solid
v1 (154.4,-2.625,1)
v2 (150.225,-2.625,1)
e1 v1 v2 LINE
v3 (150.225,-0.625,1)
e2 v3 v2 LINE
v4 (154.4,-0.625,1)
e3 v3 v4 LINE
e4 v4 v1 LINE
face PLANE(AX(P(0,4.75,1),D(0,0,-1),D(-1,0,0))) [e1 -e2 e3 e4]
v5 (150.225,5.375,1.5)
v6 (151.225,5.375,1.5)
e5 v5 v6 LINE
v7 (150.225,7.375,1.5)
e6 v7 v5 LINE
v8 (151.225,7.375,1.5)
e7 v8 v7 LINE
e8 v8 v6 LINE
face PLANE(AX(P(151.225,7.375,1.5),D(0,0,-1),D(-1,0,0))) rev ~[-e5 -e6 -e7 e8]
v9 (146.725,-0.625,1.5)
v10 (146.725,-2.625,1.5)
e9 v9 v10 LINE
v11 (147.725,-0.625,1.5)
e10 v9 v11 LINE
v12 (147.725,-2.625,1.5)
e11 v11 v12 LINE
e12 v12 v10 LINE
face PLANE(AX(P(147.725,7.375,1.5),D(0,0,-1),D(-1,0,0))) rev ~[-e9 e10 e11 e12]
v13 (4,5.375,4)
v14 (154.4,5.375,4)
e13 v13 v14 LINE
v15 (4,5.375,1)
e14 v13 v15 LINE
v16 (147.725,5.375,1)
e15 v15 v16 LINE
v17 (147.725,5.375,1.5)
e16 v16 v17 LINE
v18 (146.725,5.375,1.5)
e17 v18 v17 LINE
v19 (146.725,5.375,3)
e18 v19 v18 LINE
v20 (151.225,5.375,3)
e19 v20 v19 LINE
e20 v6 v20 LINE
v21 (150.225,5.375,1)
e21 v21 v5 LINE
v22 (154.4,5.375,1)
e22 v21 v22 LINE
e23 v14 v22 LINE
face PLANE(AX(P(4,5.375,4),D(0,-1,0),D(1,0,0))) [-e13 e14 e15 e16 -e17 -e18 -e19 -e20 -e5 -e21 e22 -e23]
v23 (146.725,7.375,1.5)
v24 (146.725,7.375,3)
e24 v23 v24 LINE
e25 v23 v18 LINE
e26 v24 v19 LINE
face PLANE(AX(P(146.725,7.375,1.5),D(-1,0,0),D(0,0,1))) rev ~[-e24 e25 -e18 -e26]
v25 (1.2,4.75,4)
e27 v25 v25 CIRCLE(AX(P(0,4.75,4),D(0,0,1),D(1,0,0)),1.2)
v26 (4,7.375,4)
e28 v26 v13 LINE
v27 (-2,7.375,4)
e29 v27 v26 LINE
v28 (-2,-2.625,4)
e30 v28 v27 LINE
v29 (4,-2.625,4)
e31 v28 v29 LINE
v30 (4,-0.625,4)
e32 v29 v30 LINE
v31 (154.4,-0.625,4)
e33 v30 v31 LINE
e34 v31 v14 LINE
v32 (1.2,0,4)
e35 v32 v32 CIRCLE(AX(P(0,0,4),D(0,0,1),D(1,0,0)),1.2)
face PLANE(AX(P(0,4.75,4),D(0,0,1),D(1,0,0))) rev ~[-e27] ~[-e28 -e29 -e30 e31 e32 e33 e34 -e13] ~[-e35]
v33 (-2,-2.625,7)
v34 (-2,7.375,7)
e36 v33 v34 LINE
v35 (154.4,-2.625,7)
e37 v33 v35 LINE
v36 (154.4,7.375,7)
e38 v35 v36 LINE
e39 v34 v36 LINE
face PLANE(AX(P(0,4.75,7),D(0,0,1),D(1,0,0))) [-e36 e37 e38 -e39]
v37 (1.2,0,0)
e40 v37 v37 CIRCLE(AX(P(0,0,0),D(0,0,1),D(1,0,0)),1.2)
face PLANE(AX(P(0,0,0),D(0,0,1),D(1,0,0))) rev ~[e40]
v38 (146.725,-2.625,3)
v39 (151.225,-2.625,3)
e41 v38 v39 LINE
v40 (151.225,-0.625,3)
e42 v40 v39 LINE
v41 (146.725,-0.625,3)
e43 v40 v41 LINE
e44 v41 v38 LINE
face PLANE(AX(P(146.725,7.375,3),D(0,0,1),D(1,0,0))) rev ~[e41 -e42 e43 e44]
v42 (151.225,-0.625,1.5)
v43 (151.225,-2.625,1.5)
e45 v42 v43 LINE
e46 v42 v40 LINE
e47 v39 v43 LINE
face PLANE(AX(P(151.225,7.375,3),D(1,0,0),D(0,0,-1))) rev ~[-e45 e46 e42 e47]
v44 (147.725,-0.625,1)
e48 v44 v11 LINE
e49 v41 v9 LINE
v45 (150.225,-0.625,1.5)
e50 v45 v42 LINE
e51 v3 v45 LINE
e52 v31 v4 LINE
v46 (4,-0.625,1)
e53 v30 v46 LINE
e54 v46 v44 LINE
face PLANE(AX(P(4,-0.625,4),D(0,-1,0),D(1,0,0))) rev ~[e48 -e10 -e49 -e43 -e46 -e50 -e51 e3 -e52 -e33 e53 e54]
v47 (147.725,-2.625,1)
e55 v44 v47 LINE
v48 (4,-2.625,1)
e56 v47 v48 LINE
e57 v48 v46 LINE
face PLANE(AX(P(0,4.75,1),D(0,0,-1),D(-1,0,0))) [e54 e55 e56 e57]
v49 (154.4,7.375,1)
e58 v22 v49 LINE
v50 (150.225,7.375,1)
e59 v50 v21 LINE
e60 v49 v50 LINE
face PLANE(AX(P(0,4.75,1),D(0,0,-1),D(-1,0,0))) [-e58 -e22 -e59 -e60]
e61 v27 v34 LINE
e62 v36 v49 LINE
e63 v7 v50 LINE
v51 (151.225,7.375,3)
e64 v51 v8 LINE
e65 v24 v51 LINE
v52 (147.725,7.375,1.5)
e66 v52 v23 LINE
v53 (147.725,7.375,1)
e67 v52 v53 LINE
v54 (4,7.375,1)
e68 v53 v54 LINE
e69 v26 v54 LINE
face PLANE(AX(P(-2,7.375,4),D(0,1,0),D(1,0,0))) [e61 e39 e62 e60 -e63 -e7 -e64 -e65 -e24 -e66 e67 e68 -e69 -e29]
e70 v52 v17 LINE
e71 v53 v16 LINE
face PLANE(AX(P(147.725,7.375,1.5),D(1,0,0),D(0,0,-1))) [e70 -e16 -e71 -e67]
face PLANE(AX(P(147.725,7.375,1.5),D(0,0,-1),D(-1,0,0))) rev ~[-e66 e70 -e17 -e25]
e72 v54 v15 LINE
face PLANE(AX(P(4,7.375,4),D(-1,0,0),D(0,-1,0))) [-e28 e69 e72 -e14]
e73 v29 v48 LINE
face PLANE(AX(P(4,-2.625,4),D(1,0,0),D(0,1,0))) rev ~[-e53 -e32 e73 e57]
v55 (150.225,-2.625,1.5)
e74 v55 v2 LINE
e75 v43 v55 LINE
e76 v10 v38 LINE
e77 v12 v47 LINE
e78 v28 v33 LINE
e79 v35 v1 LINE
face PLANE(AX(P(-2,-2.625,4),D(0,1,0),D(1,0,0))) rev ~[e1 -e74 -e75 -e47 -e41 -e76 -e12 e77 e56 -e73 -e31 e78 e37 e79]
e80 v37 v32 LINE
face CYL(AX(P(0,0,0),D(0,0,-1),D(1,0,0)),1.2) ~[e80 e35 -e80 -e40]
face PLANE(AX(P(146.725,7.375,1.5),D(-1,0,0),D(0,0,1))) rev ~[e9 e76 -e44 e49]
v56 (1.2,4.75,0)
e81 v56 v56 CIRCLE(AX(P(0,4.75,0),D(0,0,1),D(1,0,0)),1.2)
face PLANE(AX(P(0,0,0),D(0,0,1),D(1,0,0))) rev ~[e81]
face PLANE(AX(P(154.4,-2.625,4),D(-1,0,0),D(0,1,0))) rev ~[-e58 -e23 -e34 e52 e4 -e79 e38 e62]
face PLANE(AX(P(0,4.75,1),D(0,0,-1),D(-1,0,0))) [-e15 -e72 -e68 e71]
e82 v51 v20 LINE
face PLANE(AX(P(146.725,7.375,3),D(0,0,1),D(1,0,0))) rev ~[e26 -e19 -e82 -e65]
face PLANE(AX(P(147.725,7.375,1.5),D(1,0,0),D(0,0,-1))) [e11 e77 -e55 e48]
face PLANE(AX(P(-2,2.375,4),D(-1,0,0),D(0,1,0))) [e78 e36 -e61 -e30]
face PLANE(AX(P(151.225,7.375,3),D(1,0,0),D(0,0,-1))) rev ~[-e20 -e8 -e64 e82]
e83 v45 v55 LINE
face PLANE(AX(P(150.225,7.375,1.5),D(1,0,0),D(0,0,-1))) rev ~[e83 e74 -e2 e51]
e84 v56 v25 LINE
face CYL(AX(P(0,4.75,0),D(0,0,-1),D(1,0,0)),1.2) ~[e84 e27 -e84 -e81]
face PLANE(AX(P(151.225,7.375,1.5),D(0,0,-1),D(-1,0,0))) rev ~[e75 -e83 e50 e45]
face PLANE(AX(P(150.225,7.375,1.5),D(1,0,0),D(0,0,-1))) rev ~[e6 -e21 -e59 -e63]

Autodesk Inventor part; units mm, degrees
ref_plane "YZ Plane" through (0, 0, 0) normal (1, 0, 0) x (0, 1, 0)
ref_plane "XZ Plane" through (0, 0, 0) normal (0, 1, 0) x (-1, 0, 0)
ref_plane "XY Plane" through (0, 0, 0) normal (0, 0, 1) x (1, 0, 0)
sketch "Esboço1" plane through (0, 0, 0) normal (0, 0, 1) x (1, 0, 0)
  circle A0 centre (0, 0) radius 1.2
  line L0 (0, 0) -> (0, 4.75) construction
  circle A1 centre (0, 4.75) radius 1.2
  dimension "d0" = 2.4
  dimension "d1" = 4.75
  dimension "d2" = 2.4
extrude "Extrusão1" add sketch "Esboço1" along normal blind 4
sketch "Esboço2" plane through (0, 4.75, 4) normal (0, 0, 1) x (1, 0, 0)
  circle A0 centre (0, -4.75) radius 1.2 projected
  line L0 (0, -4.75) -> (0, -2.375) construction
  line L1 (0, -2.375) -> (-2, -2.375) construction
  line L2 (-2, -2.375) -> (-2, 2.625)
  line L3 (-2, -2.375) -> (-2, -7.375)
  line L4 (-2, 2.625) -> (154.4, 2.625)
  line L5 (-2, -7.375) -> (154.4, -7.375)
  line L6 (154.4, -7.375) -> (154.4, 2.625)
  dimension "d9" = 2.375
  dimension "d10" = 2
  dimension "d11" = 5
  dimension "d12" = 5
  dimension "d13" = 156.4
  dimension "d14" = 156.4
extrude "Extrusão2" add sketch "Esboço2" along normal blind 3 contours A0 | L2 L4 L6 L5 L3
sketch "Esboço3" plane through (0, 4.75, 4) normal (0, 0, -1) x (-1, 0, 0)
  circle A0 centre (0, 0) radius 1.2 projected
  line L0 (0, 0) -> (0, 2.625) construction
  line L1 (-154.4, 2.625) -> (2, 2.625) projected
  line L2 (0, 2.625) -> (-4, 2.625) construction
  line L3 (-4, 2.625) -> (-4, 0.625)
  line L4 (-4, 0.625) -> (-154.4, 0.625)
  line L5 (-154.4, 0.625) -> (-154.4, 2.625)
  line L6 (-154.4, 2.625) -> (-4, 2.625)
  line L7 (2, 2.625) -> (2, -7.375) projected
  line L8 (2, -2.375) -> (-158, -2.375) construction
  line L9 (-4, -7.375) -> (-4, -5.375)
  line L10 (-4, -5.375) -> (-154.4, -5.375)
  line L11 (-154.4, -5.375) -> (-154.4, -7.375)
  line L12 (-154.4, -7.375) -> (-4, -7.375)
  point P0 (0, -4.75)
  dimension "d19" = 4
  dimension "d20" = 2
  dimension "d21" = 150.4
extrude "Extrusão3" add sketch "Esboço3" along normal blind 3 contours L1 L3 L4 L5 | L12 L11 L10 L9
sketch "Esboço4" plane through (-2, 7.375, 7) normal (0, 1, 0) x (1, 0, 0)
  line L0 (6, 3) -> (6, 6) projected
  line L1 (6, 4.5) -> (150.975, 4.5) construction
  line L2 (150.975, 4.5) -> (152.225, 4.5) construction
  line L3 (6, 3) -> (156.4, 3) projected
  line L4 (150.975, 4.5) -> (149.725, 4.5) construction
  line L5 (149.725, 5.5) -> (149.725, 6)
  line L6 (149.725, 6) -> (152.225, 6)
  line L7 (156.4, 6) -> (6, 6) projected
  line L8 (149.725, 6) -> (149.725, 5.5)
  line L9 (149.725, 5.5) -> (148.725, 5.5)
  line L10 (148.725, 5.5) -> (148.725, 4)
  line L11 (148.725, 4) -> (153.225, 4)
  line L12 (153.225, 4) -> (153.225, 5.5)
  line L13 (153.225, 5.5) -> (152.225, 5.5)
  line L14 (152.225, 5.5) -> (152.225, 6)
  point P0 (2, 7)
  point P1 (148.725, 4.5)
  point P2 (148.725, 3)
  point P3 (153.225, 3)
  dimension "d24" = 144.975
  dimension "d25" = 1.25
  dimension "d26" = 1.25
  dimension "d27" = 1
  dimension "d31" = 0.5
  dimension "d32" = 1.5
  dimension "d33" = 1
  dimension "d34" = 1.5
  dimension "d35" = 1
  dimension "d36" = 1
  dimension "d37" = 1
  dimension "d38" = 0.5
extrude "Extrusão4" cut sketch "Esboço4" against normal up to surface (10 mm away)
properties part number "Wiper-supportipt"
